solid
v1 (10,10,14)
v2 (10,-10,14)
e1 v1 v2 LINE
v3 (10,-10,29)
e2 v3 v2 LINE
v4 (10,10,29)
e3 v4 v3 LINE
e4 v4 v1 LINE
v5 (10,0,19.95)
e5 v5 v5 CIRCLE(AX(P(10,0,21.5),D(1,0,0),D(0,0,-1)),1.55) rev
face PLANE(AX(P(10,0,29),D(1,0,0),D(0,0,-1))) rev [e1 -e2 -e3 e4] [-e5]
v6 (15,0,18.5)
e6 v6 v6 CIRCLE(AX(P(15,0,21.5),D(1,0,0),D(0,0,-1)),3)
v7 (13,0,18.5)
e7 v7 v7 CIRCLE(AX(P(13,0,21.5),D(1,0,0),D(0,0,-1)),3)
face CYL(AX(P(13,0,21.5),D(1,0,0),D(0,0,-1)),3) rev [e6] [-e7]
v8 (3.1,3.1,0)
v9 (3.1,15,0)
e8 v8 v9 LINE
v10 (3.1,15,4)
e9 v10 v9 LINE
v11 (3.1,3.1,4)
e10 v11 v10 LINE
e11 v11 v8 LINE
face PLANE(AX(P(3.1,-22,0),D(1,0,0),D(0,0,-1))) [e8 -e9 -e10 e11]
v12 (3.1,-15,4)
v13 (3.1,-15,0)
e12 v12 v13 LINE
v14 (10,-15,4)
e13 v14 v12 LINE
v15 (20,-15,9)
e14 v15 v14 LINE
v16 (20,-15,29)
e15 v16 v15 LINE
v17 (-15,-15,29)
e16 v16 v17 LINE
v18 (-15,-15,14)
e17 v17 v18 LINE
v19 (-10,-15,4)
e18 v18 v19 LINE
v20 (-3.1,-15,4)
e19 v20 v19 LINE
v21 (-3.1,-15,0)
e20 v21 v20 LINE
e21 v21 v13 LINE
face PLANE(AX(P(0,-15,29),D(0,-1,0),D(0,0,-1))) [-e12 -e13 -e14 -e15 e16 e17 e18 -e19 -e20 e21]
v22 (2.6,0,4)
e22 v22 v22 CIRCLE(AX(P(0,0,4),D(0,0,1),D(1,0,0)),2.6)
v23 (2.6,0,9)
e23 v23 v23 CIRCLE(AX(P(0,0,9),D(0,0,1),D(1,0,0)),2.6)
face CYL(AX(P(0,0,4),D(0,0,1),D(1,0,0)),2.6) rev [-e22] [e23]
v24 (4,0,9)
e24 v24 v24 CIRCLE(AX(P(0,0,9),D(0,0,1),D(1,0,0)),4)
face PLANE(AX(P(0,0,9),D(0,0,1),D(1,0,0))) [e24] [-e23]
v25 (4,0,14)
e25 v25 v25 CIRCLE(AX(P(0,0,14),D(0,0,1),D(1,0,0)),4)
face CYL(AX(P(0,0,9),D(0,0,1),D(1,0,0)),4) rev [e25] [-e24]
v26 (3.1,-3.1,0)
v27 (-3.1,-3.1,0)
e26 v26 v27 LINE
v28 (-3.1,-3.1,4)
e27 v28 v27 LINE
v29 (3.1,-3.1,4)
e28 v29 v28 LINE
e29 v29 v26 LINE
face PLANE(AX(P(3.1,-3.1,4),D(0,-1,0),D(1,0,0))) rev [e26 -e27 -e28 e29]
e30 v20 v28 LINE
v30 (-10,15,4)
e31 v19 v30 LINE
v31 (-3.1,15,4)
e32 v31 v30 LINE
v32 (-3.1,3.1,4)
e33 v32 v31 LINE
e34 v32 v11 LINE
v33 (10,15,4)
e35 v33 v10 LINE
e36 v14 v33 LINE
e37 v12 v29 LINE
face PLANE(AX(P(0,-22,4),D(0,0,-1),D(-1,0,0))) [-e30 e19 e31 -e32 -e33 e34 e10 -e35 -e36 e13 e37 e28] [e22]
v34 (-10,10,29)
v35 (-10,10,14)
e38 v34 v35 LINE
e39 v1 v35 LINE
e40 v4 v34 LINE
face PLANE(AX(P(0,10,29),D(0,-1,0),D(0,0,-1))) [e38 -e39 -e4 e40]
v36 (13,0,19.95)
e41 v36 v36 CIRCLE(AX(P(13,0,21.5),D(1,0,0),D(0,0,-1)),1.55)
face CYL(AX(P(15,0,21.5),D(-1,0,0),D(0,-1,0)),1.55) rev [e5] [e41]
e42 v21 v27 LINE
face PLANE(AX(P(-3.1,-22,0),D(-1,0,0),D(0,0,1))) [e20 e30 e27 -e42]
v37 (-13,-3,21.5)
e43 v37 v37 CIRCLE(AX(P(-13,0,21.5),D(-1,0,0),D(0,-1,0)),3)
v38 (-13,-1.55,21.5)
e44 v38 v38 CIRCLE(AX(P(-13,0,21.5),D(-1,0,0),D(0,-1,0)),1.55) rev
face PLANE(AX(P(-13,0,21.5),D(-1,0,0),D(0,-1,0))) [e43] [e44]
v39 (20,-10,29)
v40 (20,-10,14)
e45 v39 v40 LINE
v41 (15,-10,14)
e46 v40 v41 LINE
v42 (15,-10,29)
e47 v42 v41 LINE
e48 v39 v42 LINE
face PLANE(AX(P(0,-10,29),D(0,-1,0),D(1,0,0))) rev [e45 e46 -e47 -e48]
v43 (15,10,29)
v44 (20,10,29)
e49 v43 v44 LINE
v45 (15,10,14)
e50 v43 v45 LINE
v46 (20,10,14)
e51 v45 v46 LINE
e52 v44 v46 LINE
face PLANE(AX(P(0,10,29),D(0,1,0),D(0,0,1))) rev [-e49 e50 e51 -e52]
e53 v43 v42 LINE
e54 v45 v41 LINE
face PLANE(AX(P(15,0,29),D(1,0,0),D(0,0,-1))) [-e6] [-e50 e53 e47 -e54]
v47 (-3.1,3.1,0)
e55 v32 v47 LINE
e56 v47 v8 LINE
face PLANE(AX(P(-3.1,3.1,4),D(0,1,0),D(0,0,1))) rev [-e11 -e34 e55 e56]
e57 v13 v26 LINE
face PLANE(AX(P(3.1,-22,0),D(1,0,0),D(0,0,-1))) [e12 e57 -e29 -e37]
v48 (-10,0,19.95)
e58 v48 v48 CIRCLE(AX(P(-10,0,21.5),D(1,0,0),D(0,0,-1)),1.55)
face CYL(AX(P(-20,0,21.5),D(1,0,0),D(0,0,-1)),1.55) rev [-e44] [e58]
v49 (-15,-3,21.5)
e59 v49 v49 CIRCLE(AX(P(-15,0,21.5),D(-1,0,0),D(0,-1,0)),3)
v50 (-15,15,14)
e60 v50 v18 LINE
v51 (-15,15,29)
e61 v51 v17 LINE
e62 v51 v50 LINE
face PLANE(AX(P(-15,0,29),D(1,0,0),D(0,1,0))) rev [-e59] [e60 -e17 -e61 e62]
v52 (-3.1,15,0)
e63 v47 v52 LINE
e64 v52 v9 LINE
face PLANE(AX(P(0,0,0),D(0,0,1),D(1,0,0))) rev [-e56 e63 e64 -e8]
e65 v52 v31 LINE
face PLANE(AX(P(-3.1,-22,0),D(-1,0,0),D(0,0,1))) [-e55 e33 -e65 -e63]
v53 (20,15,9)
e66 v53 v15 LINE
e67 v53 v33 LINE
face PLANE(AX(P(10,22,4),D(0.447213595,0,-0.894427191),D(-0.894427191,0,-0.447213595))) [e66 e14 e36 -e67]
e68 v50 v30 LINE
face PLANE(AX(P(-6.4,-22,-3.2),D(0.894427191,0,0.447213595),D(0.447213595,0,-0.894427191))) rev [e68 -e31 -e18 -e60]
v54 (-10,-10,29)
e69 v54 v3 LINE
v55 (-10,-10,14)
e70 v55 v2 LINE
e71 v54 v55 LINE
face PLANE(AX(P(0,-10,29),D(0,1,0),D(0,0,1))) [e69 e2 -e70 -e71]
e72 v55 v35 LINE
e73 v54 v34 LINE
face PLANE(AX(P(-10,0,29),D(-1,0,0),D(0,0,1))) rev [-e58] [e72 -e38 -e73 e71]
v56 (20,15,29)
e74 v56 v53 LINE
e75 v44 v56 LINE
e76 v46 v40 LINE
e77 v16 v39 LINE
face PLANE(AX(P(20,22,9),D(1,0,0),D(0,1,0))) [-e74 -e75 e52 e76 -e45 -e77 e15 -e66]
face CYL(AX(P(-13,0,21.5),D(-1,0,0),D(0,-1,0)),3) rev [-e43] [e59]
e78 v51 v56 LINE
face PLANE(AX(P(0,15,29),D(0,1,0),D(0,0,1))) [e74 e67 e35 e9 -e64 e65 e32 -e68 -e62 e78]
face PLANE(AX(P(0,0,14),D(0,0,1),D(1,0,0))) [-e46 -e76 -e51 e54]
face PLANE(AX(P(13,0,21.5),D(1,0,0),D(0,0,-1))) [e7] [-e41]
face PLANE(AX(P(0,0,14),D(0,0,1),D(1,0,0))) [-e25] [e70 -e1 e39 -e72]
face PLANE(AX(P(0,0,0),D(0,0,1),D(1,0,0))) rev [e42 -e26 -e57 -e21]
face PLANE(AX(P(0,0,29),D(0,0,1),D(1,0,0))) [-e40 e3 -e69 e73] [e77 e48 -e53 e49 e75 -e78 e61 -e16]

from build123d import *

# Parameters (mm, degrees)
EXTRUDE_1_DEPTH      = 14
CUT_EXTRUDE_1_DEPTH  = 44
SKETCH_3_W           = 6.2
SKETCH_3_H           = 6.2
CUT_EXTRUDE_2_DEPTH  = 4
SKETCH_4_R           = 4
CUT_EXTRUDE_3_DEPTH  = 5
SKETCH_5_R           = 2.6
CUT_EXTRUDE_4_DEPTH  = 5
EXTRUDE_2_DEPTH      = 44
SKETCH_8_W           = 5
SKETCH_8_H           = 5
EXTRUDE_4_DEPTH      = 15
SKETCH_9_W           = 35
SKETCH_9_H           = 5
EXTRUDE_5_DEPTH      = 7
CUT_EXTRUDE_6_DEPTH  = 10
CUT_EXTRUDE_START    = -30
SKETCH_14_R          = 1.55
CUT_EXTRUDE_7_DEPTH  = 30
SKETCH_15_R          = 3
CUT_EXTRUDE_8_DEPTH  = 2
CUT_EXTRUDE_START_2  = -2
SKETCH_16_R          = 3
CUT_EXTRUDE_9_DEPTH  = 2
SKETCH_17_W          = 35
SKETCH_17_H          = 7
CUT_EXTRUDE_10_DEPTH = 10
SKETCH_18_W          = 35
SKETCH_18_H          = 7
CUT_EXTRUDE_11_DEPTH = 20


with BuildPart() as part:
    # 草图1 → 凸台-拉伸1 (new body)
    with BuildSketch(Plane.XY):
        Polygon((-15, 22), (-15, -22), (15, -22), (15, 22), (0, 22), align=None)
    extrude(amount=EXTRUDE_1_DEPTH)

    # 草图2 → 切除-拉伸1 (cut)
    with BuildSketch(Plane(origin=(0, 22, 0), x_dir=(1, 0, 0), z_dir=(0, 1, 0))):
        Polygon((-15, 0), (-15, -14), (-10, -4), (-3.1, -4), (-3.1, 0), align=None)
        Polygon((3.1, -4), (10, -4), (15, -14), (15, 0), (3.1, 0), align=None)
    extrude(amount=-CUT_EXTRUDE_1_DEPTH, mode=Mode.SUBTRACT)

    # 草图3 → 切除-拉伸2 (cut)
    with BuildSketch(Plane(origin=(0, 0, 0), x_dir=(-1, 0, 0), z_dir=(0, 0, -1))):
        Rectangle(SKETCH_3_W, SKETCH_3_H)
    extrude(amount=-CUT_EXTRUDE_2_DEPTH, mode=Mode.SUBTRACT)

    # 草图4 → 切除-拉伸3 (cut)
    with BuildSketch(Plane.XY.offset(14)):
        Circle(SKETCH_4_R)
    extrude(amount=-CUT_EXTRUDE_3_DEPTH, mode=Mode.SUBTRACT)

    # 草图5 → 切除-拉伸4 (cut)
    with BuildSketch(Plane.XY.offset(9)):
        Circle(SKETCH_5_R)
    extrude(amount=-CUT_EXTRUDE_4_DEPTH, mode=Mode.SUBTRACT)

    # 草图7 → 凸台-拉伸2 (add)
    with BuildSketch(Plane.XZ.offset(22)):
        Polygon((15, 14), (20, 14), (20, 9), (10, 4), (10, 14), align=None)
    extrude(amount=-EXTRUDE_2_DEPTH)

    # 草图8 → 凸台-拉伸4 (add)
    with BuildSketch(Plane.XY.offset(14)):
        with Locations((-12.5, -12.5)):
            Rectangle(SKETCH_8_W, SKETCH_8_H)
        Polygon((-10, -10), (-10, -15), (10, -15), (10, -10), (0, -10), align=None)
        Polygon((-10, 0), (-10, 10), (-15, 10), (-15, -10), (-10, -10), align=None)
        with Locations((-12.5, 12.5)):
            Rectangle(SKETCH_8_W, SKETCH_8_H)
        Polygon((-10, 15), (10, 15), (10, 10), (0, 10), (-10, 10), align=None)
        with Locations((12.5, 12.5)):
            Rectangle(SKETCH_8_W, SKETCH_8_H)
        Polygon((15, 10), (15, -10), (10, -10), (10, 0), (10, 10), align=None)
        with Locations((12.5, -12.5)):
            Rectangle(SKETCH_8_W, SKETCH_8_H)
        with Locations((17.5, -12.5)):
            Rectangle(SKETCH_8_W, SKETCH_8_H)
        with Locations((17.5, 12.5)):
            Rectangle(SKETCH_8_W, SKETCH_8_H)
    extrude(amount=EXTRUDE_4_DEPTH)

    # 草图9 → 凸台-拉伸5 (add)
    with BuildSketch(Plane(origin=(0, 15, 0), x_dir=(1, 0, 0), z_dir=(0, 1, 0))):
        with Locations((2.5, -26.5)):
            Rectangle(SKETCH_9_W, SKETCH_9_H)
    extrude(amount=EXTRUDE_5_DEPTH)

    # 草图13 → 切除-拉伸6 (cut)
    with BuildSketch(Plane(origin=(-10, 0, 0), x_dir=(0, 0, -1), z_dir=(1, 0, 0))):
        with BuildLine():
            ThreePointArc((-19.95, 0), (-20.806818927, 1.386362146), (-22.43, 1.24))
            Line((-22.43, 1.24), (-20.57, -1.24))
            ThreePointArc((-20.57, -1.24), (-20.113637854, -0.693181073), (-19.95, 0))
        make_face()
        with BuildLine():
            Line((-20.57, -1.24), (-22.43, 1.24))
            ThreePointArc((-22.43, 1.24), (-22.74, -0.93), (-20.57, -1.24))
        make_face()
    extrude(amount=-CUT_EXTRUDE_6_DEPTH, mode=Mode.SUBTRACT)

    # 草图14 → 切除-拉伸7 (cut)
    with BuildSketch(Plane.ZY.offset(15).offset(CUT_EXTRUDE_START)):
        with Locations(Location((21.5, 0, 0), (0, 0, 180))):
            Circle(SKETCH_14_R)
    extrude(amount=CUT_EXTRUDE_7_DEPTH, mode=Mode.SUBTRACT)

    # 草图15 → 切除-拉伸8 (cut)
    with BuildSketch(Plane(origin=(15, 0, 0), x_dir=(0, 0, -1), z_dir=(1, 0, 0))):
        with Locations((-21.5, 0)):
            Circle(SKETCH_15_R)
    extrude(amount=-CUT_EXTRUDE_8_DEPTH, mode=Mode.SUBTRACT)

    # 草图16 → 切除-拉伸9 (cut)
    with BuildSketch(Plane.ZY.offset(15).offset(CUT_EXTRUDE_START_2)):
        with Locations(Location((21.5, 0, 0), (0, 0, 180))):
            Circle(SKETCH_16_R)
    extrude(amount=CUT_EXTRUDE_9_DEPTH, mode=Mode.SUBTRACT)

    # 草图17 → 切除-拉伸10 (cut)
    with BuildSketch(Plane.XY.offset(29)):
        with Locations((2.5, 18.5)):
            Rectangle(SKETCH_17_W, SKETCH_17_H)
    extrude(amount=-CUT_EXTRUDE_10_DEPTH, mode=Mode.SUBTRACT)

    # 草图18 → 切除-拉伸11 (cut)
    with BuildSketch(Plane.XY.offset(14)):
        with Locations((2.5, 18.5)):
            Rectangle(SKETCH_18_W, SKETCH_18_H)
        with Locations((2.5, -18.5)):
            Rectangle(SKETCH_18_W, SKETCH_18_H)
    extrude(amount=-CUT_EXTRUDE_11_DEPTH, mode=Mode.SUBTRACT)


solid = part.part
